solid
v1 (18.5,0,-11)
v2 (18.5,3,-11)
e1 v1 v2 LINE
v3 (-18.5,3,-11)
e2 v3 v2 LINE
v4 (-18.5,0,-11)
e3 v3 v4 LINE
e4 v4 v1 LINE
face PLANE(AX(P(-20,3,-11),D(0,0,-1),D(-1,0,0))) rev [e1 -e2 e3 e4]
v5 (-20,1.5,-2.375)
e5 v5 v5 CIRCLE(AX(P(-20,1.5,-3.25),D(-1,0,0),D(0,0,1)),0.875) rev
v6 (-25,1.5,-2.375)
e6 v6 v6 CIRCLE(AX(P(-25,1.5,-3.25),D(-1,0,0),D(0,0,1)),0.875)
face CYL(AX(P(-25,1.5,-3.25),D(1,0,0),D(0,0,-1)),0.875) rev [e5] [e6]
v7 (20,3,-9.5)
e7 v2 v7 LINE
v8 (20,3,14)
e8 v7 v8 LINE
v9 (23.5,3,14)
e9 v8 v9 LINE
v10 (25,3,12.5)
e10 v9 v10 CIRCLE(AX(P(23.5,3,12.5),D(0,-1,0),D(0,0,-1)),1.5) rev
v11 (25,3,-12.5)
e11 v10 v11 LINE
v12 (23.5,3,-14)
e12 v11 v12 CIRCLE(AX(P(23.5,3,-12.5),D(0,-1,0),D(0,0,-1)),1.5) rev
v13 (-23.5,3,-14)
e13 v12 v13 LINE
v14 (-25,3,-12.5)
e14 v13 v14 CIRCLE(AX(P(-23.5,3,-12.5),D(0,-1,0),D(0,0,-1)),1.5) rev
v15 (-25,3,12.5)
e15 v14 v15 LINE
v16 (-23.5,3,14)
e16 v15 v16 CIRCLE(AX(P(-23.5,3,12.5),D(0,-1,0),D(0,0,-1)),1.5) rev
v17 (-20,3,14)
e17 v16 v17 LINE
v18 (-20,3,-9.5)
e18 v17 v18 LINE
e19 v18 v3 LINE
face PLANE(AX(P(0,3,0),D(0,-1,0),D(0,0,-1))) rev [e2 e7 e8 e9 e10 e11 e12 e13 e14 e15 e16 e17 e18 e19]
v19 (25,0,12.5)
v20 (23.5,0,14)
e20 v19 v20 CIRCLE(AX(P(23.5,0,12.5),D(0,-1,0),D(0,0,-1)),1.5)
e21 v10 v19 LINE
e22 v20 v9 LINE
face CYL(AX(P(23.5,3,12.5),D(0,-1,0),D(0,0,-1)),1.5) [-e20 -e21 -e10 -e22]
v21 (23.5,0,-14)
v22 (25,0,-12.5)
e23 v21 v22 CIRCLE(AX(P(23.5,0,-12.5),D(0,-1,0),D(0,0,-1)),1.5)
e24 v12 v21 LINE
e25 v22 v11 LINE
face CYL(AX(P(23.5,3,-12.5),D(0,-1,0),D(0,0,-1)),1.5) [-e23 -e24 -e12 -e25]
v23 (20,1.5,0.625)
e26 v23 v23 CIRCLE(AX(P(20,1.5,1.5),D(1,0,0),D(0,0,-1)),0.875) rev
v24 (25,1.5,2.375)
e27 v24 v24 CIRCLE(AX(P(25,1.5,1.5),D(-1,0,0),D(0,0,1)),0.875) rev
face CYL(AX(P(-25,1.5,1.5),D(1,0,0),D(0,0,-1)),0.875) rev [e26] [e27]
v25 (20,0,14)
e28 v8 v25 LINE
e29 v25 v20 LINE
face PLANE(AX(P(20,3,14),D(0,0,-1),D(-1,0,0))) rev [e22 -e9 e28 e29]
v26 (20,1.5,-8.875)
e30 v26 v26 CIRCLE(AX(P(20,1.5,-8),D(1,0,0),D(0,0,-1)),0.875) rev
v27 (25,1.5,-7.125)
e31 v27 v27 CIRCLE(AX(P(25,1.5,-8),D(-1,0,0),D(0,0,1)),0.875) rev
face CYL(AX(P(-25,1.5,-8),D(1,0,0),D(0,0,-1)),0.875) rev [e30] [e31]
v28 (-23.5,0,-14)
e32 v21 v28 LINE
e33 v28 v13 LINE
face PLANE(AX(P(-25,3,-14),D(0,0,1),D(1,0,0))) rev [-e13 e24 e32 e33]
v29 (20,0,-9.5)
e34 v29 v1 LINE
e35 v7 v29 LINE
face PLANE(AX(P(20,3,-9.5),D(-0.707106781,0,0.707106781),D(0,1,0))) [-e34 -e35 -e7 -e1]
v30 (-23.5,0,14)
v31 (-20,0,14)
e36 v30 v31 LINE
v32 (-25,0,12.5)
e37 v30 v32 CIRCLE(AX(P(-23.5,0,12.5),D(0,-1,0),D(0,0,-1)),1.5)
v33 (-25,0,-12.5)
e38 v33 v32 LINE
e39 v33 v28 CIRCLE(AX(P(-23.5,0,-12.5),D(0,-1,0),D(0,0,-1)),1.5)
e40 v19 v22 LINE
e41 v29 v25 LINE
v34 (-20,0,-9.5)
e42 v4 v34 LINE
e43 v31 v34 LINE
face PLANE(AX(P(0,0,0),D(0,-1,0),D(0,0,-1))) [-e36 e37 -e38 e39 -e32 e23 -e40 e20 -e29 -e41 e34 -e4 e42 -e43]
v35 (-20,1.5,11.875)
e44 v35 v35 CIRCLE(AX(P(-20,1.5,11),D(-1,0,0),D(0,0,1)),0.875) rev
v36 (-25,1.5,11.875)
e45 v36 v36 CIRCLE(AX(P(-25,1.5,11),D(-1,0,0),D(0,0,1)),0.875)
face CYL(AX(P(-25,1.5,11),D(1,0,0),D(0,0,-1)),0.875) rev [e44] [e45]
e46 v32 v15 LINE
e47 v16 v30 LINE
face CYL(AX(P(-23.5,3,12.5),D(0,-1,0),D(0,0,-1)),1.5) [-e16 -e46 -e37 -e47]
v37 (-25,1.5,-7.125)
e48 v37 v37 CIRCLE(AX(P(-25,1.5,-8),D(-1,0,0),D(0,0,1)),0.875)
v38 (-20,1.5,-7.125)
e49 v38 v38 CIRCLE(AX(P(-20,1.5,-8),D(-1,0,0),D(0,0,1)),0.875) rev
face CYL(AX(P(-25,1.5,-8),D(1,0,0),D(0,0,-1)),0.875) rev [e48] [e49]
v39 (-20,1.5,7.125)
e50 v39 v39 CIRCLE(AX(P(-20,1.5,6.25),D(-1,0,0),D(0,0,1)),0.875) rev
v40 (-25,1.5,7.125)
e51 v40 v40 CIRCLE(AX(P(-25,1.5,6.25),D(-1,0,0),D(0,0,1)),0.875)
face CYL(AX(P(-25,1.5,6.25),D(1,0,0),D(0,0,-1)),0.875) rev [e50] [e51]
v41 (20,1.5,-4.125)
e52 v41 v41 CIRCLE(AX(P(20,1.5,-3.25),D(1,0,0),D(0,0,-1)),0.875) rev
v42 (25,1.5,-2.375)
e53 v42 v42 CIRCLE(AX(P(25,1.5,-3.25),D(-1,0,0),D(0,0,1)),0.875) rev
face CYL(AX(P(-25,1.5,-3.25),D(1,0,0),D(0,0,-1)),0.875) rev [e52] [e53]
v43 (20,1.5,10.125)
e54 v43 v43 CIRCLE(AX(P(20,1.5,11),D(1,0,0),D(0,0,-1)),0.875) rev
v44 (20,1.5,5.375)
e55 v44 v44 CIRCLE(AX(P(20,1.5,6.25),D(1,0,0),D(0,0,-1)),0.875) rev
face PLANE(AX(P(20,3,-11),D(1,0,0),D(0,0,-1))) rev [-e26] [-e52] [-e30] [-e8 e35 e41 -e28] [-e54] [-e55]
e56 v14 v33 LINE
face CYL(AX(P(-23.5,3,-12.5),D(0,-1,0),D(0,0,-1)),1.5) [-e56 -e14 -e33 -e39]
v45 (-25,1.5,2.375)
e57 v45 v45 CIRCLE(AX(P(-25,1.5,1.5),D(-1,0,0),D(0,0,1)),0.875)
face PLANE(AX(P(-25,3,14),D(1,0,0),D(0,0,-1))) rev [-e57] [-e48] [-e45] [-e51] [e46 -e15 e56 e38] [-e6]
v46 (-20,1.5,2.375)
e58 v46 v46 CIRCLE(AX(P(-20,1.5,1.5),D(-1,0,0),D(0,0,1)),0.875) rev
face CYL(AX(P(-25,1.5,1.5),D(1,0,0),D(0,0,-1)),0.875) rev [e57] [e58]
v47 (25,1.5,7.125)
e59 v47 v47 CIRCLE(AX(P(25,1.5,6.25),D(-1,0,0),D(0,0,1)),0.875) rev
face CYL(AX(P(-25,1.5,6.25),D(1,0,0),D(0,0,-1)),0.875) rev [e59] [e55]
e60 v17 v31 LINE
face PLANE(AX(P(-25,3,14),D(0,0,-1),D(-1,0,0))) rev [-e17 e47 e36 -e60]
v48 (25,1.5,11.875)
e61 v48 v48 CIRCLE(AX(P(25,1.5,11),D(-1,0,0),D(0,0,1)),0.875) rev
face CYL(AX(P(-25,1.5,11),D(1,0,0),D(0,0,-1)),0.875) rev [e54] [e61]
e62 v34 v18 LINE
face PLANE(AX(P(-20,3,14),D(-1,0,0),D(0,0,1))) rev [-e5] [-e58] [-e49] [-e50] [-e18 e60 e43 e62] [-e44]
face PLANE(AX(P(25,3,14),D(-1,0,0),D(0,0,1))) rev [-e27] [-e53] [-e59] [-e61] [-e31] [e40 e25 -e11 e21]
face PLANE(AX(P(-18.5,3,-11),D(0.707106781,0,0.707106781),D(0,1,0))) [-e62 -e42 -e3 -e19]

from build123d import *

# Parameters (mm, degrees)
BOSS_EXTRUDE1_DEPTH     = 3
SKETCH2_R               = 0.875
CUT_EXTRUDE1_DEPTH      = 51
CUT_EXTRUDE1_DEPTH_BACK = 3
FILLET2_R               = 1.5
CHAMFER1_SIZE           = 1.5


with BuildPart() as part:
    # Sketch1 → Boss-Extrude1 (new body)
    with BuildSketch(Plane(origin=(0, 0, 0), x_dir=(1, 0, 0), z_dir=(0, 1, 0))):
        Polygon((-25, -14), (-20, -14), (-20, 11), (20, 11), (20, -14), (25, -14), (25, 14), (-25, 14), align=None)
    extrude(amount=BOSS_EXTRUDE1_DEPTH)

    # Sketch2 → Cut-Extrude1 (cut, two sides)
    with BuildSketch(Plane.ZY.offset(-25)) as cut_extrude1_sk:
        with Locations((11, 1.5)):
            Circle(SKETCH2_R)
        with Locations((6.25, 1.5)):
            Circle(SKETCH2_R)
        with Locations((1.5, 1.5)):
            Circle(SKETCH2_R)
        with Locations((-3.25, 1.5)):
            Circle(SKETCH2_R)
        with Locations((-8, 1.5)):
            Circle(SKETCH2_R)
    extrude(amount=CUT_EXTRUDE1_DEPTH, mode=Mode.SUBTRACT)
    extrude(cut_extrude1_sk.sketch, amount=-CUT_EXTRUDE1_DEPTH_BACK, mode=Mode.SUBTRACT)

    # Fillet2
    fillet2_edges = [part.edges().sort_by_distance(p)[0] for p in [
        (25, 1.5, 14),
        (-25, 1.5, 14),
        (-25, 1.5, -14),
        (25, 1.5, -14),
    ]]
    fillet(fillet2_edges, radius=FILLET2_R)

    # Chamfer1
    chamfer1_edges = [part.edges().sort_by_distance(p)[0] for p in [
        (20, 1.5, -11),
        (-20, 1.5, -11),
    ]]
    chamfer(chamfer1_edges, length=CHAMFER1_SIZE)


solid = part.part
